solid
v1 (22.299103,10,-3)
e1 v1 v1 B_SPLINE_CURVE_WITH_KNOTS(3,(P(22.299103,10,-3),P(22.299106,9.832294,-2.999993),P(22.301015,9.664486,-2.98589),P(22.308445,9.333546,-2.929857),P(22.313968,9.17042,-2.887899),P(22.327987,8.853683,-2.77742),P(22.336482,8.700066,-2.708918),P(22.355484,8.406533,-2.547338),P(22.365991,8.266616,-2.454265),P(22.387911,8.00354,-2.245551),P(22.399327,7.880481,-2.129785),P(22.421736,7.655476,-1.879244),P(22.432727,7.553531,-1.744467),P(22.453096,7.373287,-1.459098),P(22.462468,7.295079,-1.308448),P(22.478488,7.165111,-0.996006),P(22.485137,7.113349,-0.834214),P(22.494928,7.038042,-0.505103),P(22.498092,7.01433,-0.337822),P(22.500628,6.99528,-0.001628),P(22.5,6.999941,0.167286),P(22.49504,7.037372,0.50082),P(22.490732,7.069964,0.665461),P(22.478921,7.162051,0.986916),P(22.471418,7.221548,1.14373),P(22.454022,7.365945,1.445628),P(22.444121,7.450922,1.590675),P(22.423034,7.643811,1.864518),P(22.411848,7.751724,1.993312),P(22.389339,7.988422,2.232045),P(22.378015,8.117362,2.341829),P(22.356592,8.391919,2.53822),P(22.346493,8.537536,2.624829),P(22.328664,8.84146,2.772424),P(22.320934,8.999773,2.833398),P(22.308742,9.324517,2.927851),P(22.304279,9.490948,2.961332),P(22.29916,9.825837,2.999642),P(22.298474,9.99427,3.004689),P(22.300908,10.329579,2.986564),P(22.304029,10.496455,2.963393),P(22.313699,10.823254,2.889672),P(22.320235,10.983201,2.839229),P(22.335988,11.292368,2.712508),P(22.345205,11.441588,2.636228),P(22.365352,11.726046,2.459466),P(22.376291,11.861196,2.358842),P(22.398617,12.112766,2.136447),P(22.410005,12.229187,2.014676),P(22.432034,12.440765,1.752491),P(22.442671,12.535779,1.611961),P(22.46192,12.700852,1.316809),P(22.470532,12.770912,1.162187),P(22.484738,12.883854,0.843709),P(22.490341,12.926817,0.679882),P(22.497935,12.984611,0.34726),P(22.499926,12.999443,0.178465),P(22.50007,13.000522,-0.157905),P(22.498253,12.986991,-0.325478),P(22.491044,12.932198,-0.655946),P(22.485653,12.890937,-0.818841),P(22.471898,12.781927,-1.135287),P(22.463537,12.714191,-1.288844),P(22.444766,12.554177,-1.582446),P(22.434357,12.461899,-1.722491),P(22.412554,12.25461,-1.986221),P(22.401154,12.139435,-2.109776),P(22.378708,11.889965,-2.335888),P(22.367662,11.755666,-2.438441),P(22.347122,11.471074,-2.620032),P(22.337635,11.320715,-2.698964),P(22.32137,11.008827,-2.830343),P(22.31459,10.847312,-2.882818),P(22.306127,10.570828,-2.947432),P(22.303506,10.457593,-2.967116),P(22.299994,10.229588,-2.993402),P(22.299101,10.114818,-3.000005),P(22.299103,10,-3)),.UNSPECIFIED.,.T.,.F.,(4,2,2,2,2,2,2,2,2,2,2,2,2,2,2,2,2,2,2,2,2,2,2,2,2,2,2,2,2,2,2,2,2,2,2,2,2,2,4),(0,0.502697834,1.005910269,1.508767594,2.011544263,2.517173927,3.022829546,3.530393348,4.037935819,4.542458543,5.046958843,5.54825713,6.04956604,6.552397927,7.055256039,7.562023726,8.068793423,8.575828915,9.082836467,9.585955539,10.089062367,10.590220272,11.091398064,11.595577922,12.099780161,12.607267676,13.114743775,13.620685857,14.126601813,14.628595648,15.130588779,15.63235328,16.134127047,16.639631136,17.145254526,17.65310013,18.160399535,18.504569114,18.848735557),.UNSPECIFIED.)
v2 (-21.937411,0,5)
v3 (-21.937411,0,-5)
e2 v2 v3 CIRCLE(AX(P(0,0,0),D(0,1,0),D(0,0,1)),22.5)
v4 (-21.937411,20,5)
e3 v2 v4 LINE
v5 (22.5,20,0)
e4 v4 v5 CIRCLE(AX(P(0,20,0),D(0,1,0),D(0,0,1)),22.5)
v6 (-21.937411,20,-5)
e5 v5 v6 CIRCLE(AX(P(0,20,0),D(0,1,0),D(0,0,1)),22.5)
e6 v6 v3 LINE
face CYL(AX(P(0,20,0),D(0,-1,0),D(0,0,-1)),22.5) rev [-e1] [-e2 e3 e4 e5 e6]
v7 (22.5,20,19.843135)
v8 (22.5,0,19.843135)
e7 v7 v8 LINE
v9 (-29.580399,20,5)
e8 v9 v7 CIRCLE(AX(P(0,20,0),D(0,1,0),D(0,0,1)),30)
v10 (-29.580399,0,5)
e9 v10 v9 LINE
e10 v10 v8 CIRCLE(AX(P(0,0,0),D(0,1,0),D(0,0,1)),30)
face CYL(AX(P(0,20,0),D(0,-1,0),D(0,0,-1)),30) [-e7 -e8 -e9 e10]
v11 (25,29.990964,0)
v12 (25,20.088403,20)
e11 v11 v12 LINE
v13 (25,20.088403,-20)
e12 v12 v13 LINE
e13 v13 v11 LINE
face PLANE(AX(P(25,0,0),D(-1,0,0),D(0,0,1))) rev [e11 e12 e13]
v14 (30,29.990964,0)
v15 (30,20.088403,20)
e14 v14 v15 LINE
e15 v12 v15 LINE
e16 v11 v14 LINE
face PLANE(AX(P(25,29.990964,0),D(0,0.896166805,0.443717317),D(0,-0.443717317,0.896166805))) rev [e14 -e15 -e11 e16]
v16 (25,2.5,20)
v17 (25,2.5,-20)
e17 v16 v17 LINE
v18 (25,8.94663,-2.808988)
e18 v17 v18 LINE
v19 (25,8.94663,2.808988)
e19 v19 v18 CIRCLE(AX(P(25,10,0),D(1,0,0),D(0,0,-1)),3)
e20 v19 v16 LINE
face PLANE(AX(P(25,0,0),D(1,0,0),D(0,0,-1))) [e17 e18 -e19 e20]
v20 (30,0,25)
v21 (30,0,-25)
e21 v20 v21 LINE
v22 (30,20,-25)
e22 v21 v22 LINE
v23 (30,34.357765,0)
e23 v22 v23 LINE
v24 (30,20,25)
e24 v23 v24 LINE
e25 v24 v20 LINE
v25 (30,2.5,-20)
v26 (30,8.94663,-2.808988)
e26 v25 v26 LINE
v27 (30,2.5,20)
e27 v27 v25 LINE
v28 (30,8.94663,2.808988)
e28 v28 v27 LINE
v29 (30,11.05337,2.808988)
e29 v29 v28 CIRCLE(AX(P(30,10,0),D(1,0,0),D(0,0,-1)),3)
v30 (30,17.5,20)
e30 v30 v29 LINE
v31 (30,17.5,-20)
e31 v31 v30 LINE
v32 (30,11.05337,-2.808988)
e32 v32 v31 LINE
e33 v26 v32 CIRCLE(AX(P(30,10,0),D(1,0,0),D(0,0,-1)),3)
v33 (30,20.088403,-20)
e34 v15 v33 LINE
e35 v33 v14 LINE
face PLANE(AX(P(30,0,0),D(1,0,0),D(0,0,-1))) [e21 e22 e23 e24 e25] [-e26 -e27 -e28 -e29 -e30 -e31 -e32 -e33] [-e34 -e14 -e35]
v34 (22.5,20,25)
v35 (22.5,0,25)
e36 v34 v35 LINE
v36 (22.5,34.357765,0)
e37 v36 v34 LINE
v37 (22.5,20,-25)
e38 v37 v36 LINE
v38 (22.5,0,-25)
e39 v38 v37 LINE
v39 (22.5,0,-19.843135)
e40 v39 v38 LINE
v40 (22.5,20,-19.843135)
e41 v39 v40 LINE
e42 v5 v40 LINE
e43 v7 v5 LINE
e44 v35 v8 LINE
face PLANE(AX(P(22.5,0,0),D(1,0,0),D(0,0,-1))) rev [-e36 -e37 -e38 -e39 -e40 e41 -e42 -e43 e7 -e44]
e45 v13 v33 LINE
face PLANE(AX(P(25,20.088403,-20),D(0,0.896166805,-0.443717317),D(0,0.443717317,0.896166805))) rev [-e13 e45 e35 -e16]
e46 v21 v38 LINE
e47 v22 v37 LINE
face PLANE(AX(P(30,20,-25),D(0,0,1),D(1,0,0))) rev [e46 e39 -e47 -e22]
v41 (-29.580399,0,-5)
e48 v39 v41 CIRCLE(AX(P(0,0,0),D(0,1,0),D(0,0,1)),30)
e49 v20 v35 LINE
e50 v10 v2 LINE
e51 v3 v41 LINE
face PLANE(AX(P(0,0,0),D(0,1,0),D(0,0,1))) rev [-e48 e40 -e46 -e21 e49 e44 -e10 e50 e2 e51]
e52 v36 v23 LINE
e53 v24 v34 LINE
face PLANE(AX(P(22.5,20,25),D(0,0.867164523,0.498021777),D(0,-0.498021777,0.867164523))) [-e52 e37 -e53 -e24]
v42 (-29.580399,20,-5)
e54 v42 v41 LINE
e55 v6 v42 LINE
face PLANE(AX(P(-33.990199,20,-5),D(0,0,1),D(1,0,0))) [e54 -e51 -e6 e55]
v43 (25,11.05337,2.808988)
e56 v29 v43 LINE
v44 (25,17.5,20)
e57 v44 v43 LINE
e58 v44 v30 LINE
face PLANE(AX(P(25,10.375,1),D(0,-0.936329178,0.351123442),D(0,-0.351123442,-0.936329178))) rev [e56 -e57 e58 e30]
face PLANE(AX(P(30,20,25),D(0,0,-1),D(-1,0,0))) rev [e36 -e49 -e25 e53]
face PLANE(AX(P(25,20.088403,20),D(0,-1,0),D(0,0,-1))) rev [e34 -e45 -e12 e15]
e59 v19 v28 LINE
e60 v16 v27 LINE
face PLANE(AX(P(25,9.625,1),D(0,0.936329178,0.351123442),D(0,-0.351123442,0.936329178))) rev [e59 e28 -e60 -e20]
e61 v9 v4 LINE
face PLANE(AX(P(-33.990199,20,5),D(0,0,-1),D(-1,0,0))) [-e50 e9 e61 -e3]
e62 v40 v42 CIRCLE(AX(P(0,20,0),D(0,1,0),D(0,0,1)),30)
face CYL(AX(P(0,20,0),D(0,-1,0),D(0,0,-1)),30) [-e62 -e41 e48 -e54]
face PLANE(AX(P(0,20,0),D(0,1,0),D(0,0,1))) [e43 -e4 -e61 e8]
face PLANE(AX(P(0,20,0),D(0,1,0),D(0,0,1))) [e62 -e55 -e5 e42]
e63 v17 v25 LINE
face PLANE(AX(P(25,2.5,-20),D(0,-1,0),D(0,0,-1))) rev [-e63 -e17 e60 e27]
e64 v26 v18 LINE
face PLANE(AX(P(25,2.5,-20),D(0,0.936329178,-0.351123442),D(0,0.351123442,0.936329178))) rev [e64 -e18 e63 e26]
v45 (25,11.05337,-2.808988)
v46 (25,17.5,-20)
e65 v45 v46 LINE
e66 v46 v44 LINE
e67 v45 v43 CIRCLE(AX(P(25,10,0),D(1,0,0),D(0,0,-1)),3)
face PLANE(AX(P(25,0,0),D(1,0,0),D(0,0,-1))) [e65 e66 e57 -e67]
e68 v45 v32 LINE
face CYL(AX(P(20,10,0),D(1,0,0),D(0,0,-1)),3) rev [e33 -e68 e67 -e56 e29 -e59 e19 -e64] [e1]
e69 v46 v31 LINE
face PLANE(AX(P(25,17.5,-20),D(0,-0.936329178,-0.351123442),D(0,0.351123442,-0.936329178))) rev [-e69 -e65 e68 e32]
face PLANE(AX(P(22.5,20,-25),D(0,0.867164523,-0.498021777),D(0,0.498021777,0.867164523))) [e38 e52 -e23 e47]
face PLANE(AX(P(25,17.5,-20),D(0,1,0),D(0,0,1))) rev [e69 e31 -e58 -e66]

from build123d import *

# Parameters (mm, degrees)
SKETCH1_R           = 30
SKETCH1_R_2         = 22.5
BOSS_EXTRUDE1_DEPTH = 20
SKETCH2_W           = 50
SKETCH2_H           = 20
BOSS_EXTRUDE2_DEPTH = 7.5
SKETCH4_W           = 14.39860727
SKETCH4_H           = 10
CUT_EXTRUDE1_DEPTH  = 20
CUT_EXTRUDE3_DEPTH  = 5
SKETCH8_R           = 3
CUT_EXTRUDE4_DEPTH  = 10
BOSS_EXTRUDE3_DEPTH = 7.5
CUT_EXTRUDE5_DEPTH  = 5


with BuildPart() as part:
    # Sketch1 → Boss-Extrude1 (new body)
    with BuildSketch(Plane(origin=(0, 0, 0), x_dir=(1, 0, 0), z_dir=(0, 1, 0))):
        with Locations(Location((0, 0, 0), (0, 0, 270))):
            Circle(SKETCH1_R)
        with Locations(Location((0, 0, 0), (0, 0, 270))):
            Circle(SKETCH1_R_2, mode=Mode.SUBTRACT)
    extrude(amount=BOSS_EXTRUDE1_DEPTH)

    # Sketch2 → Boss-Extrude2 (add)
    with BuildSketch(Plane(origin=(22.5, 0, 0), x_dir=(0, 0, -1), z_dir=(1, 0, 0))):
        with Locations((0, 10)):
            Rectangle(SKETCH2_W, SKETCH2_H)
    extrude(amount=BOSS_EXTRUDE2_DEPTH)

    # Sketch4 → Cut-Extrude1 (cut)
    with BuildSketch(Plane(origin=(0, 0, 0), x_dir=(1, 0, 0), z_dir=(0, 1, 0))):
        with Locations((-26.790895642, 0)):
            Rectangle(SKETCH4_W, SKETCH4_H)
    extrude(amount=CUT_EXTRUDE1_DEPTH, mode=Mode.SUBTRACT)

    # Sketch7 → Cut-Extrude3 (cut)
    with BuildSketch(Plane(origin=(30, 0, 0), x_dir=(0, 0, -1), z_dir=(1, 0, 0))):
        Polygon((-1, 9.625), (-20, 2.5), (20, 2.5), (1, 9.625), (1, 10.375), (20, 17.5), (-20, 17.5), (-1, 10.375), align=None)
    extrude(amount=-CUT_EXTRUDE3_DEPTH, mode=Mode.SUBTRACT)

    # Sketch8 → Cut-Extrude4 (cut)
    with BuildSketch(Plane(origin=(30, 0, 0), x_dir=(0, 0, -1), z_dir=(1, 0, 0))):
        with Locations((0, 10)):
            Circle(SKETCH8_R)
    extrude(amount=-CUT_EXTRUDE4_DEPTH, mode=Mode.SUBTRACT)

    # Sketch9 → Boss-Extrude3 (add)
    with BuildSketch(Plane(origin=(30, 0, 0), x_dir=(0, 0, -1), z_dir=(1, 0, 0))):
        Polygon((-25, 20), (0, 34.357764991), (25, 20), align=None)
    extrude(amount=-BOSS_EXTRUDE3_DEPTH)

    # Sketch10 → Cut-Extrude5 (cut)
    with BuildSketch(Plane(origin=(30, 0, 0), x_dir=(0, 0, -1), z_dir=(1, 0, 0))):
        Polygon((-20, 20.088403301), (20, 20.088403301), (0, 29.990964176), align=None)
    extrude(amount=-CUT_EXTRUDE5_DEPTH, mode=Mode.SUBTRACT)


solid = part.part
